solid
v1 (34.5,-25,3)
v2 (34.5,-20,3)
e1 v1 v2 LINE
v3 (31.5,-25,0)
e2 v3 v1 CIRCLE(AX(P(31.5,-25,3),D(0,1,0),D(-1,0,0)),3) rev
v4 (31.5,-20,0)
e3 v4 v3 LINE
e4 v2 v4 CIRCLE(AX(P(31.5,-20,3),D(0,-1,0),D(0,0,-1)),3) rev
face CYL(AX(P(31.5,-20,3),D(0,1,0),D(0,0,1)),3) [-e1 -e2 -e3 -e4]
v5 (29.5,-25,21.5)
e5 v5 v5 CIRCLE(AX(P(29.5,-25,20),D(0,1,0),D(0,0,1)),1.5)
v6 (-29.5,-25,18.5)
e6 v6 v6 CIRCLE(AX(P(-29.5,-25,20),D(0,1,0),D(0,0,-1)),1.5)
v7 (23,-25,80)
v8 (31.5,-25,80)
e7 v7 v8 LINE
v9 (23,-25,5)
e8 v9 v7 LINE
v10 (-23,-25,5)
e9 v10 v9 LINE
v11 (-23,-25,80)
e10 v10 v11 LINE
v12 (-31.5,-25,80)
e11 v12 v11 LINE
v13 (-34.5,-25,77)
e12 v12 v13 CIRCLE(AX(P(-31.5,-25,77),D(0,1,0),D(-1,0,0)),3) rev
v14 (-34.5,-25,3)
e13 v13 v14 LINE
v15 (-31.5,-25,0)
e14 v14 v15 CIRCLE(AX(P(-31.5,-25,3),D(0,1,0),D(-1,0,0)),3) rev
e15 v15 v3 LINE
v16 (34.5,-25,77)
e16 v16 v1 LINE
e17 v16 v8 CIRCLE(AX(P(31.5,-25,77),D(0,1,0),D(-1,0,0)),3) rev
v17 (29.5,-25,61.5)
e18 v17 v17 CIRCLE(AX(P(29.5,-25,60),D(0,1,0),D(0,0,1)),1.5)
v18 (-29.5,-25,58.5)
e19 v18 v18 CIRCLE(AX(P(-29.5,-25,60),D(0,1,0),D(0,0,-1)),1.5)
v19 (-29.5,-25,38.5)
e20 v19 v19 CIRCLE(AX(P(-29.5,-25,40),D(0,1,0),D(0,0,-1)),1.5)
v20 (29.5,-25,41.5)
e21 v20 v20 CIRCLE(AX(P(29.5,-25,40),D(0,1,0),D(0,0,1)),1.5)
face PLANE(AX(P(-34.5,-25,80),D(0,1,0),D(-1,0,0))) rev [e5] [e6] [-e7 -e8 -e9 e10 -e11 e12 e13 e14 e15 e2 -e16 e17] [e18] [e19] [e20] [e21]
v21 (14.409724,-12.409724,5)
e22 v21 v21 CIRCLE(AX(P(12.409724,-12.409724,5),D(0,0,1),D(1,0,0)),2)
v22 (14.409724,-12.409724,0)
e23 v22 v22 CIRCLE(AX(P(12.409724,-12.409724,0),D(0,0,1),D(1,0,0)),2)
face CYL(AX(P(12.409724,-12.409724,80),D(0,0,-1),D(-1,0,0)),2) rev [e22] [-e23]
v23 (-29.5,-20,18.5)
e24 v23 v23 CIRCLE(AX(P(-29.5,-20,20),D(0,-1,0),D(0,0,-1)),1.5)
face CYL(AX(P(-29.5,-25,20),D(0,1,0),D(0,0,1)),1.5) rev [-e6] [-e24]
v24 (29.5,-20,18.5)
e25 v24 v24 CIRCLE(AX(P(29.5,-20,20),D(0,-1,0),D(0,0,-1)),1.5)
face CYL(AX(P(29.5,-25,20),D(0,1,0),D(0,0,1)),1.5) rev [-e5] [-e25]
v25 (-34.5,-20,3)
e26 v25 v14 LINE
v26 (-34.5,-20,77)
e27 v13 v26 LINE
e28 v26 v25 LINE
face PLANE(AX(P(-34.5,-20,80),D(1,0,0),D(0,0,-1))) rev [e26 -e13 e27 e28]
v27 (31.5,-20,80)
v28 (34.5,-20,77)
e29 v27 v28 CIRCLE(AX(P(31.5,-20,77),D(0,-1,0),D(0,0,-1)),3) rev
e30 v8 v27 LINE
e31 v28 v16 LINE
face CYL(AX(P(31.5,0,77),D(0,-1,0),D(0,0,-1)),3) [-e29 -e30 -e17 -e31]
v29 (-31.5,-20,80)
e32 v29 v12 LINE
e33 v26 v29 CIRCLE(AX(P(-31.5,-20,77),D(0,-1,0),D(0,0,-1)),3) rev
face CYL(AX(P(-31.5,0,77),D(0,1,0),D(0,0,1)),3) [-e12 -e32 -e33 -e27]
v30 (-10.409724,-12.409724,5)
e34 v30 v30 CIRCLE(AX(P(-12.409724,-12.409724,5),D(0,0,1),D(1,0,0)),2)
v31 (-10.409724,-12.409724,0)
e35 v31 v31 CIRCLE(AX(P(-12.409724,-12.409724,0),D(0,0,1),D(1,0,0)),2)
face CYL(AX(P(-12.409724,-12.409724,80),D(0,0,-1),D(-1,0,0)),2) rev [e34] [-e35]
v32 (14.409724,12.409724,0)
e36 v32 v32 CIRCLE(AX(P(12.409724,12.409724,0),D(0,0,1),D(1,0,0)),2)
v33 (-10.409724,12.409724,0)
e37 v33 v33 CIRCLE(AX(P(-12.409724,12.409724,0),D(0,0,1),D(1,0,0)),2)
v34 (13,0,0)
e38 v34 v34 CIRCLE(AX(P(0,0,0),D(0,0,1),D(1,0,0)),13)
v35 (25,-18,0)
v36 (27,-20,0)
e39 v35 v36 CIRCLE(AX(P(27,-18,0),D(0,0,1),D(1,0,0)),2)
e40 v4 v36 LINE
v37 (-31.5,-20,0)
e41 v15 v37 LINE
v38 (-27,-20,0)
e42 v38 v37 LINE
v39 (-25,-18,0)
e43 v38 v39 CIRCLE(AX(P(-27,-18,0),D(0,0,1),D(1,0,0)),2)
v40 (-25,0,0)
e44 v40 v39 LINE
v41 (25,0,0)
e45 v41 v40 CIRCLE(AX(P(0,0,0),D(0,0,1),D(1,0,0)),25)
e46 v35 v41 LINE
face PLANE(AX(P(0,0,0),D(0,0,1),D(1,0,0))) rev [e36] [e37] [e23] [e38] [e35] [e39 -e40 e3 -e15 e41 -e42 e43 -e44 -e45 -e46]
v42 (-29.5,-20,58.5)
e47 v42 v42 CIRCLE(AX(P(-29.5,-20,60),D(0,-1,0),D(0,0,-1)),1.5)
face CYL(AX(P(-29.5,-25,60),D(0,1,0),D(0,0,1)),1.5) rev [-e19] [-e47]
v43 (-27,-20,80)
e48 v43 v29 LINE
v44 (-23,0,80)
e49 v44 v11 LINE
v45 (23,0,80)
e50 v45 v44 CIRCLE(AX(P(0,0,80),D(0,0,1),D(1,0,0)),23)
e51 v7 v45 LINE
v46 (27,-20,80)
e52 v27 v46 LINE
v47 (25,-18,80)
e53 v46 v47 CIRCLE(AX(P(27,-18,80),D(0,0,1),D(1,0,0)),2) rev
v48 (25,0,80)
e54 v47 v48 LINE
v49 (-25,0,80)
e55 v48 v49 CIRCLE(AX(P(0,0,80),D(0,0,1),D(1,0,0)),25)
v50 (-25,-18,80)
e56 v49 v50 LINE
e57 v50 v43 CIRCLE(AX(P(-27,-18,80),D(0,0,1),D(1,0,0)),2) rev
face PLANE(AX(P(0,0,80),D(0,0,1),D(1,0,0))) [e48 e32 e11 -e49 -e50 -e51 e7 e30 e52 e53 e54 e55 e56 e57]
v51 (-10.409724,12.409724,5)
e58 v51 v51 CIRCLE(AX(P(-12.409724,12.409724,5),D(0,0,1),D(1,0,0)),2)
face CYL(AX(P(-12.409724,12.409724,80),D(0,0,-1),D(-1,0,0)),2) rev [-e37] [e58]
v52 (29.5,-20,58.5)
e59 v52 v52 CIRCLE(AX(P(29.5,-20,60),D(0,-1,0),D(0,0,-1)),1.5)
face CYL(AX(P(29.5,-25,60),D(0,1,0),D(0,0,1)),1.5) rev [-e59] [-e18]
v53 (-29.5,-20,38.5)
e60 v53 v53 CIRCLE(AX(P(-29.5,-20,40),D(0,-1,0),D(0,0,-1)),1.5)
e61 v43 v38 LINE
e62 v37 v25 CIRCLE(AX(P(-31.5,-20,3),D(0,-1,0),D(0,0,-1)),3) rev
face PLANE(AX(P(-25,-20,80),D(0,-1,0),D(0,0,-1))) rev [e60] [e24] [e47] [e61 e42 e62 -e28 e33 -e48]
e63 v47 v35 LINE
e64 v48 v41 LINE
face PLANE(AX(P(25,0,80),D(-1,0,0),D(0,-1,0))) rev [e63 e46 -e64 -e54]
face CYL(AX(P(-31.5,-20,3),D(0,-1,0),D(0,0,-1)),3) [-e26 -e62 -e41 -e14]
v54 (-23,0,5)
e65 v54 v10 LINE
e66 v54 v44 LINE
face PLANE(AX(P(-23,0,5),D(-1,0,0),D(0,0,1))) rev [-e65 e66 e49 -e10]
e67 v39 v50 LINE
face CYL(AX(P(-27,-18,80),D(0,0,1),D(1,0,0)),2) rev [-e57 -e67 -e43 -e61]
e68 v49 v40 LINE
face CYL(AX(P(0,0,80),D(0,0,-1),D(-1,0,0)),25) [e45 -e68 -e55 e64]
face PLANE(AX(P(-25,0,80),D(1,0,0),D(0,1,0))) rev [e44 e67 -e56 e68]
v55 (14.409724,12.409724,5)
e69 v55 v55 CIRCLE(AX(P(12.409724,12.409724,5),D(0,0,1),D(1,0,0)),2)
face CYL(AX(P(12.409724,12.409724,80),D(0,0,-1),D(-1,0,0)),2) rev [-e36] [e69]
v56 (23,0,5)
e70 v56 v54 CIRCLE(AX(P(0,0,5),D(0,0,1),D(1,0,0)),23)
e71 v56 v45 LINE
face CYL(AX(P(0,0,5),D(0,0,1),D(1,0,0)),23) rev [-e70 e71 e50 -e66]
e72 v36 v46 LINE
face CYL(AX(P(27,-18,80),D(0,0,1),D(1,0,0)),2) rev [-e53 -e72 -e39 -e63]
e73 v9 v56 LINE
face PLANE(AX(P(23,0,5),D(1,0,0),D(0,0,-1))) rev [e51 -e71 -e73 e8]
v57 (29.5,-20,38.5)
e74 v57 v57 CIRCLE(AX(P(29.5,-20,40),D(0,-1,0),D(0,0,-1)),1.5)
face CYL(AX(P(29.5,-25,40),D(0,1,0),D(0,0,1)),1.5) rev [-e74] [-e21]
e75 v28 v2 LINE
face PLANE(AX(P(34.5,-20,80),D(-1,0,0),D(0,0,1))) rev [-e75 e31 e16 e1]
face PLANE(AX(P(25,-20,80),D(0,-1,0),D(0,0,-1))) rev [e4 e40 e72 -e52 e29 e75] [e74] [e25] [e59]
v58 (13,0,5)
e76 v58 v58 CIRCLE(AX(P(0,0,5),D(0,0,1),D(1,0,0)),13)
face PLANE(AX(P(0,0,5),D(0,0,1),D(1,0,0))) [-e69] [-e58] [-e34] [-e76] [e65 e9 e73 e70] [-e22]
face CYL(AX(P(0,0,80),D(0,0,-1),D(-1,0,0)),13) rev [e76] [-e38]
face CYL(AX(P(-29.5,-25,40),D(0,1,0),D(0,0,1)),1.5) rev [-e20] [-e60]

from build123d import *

# Parameters (mm, degrees)
SKETCH1_R               = 2
SKETCH1_R_2             = 13
BOSS_EXTRUDE1_DEPTH     = 80
CUT_EXTRUDE1_DEPTH      = 75
CUT_EXTRUDE2_DEPTH      = 99.05738116
CUT_EXTRUDE2_DEPTH_BACK = 99.05738116
SKETCH3_R               = 1.5
FILLET3_R               = 2
FILLET2_R               = 3


with BuildPart() as part:
    # Sketch1 → Boss-Extrude1 (new body)
    with BuildSketch(Plane.XY):
        with BuildLine():
            Line((-25, 0), (-25, -20))
            Line((-25, -20), (-34.5, -20))
            Line((-34.5, -20), (-34.5, -25))
            Line((-34.5, -25), (34.5, -25))
            Line((34.5, -25), (34.5, -20))
            Line((34.5, -20), (25, -20))
            Line((25, -20), (25, 0))
            ThreePointArc((25, 0), (0, 25), (-25, 0))
        make_face()
        with Locations((-12.40972401, 12.40972401)):
            Circle(SKETCH1_R, mode=Mode.SUBTRACT)
        with Locations((12.40972401, 12.40972401)):
            Circle(SKETCH1_R, mode=Mode.SUBTRACT)
        with Locations((12.40972401, -12.40972401)):
            Circle(SKETCH1_R, mode=Mode.SUBTRACT)
        with Locations((-12.40972401, -12.40972401)):
            Circle(SKETCH1_R, mode=Mode.SUBTRACT)
        Circle(SKETCH1_R_2, mode=Mode.SUBTRACT)
    extrude(amount=BOSS_EXTRUDE1_DEPTH)

    # Sketch2 → Cut-Extrude1 (cut)
    with BuildSketch(Plane.XY.offset(80)):
        with BuildLine():
            Line((-23, 0), (-23, -25))
            Line((-23, -25), (23, -25))
            Line((23, -25), (23, 0))
            ThreePointArc((23, 0), (0, 23), (-23, 0))
        make_face()
    extrude(amount=-CUT_EXTRUDE1_DEPTH, mode=Mode.SUBTRACT)

    # Sketch3 → Cut-Extrude2 (cut, two sides: drawn at the far end of the back side and taken through both)
    with BuildSketch(Plane(origin=(0, -20, 0), x_dir=(1, 0, 0), z_dir=(0, 1, 0)).offset(-CUT_EXTRUDE2_DEPTH_BACK)):
        with Locations(Location((29.5, -40, 0), (0, 0, 270))):
            Circle(SKETCH3_R)
        with Locations(Location((29.5, -60, 0), (0, 0, 270))):
            Circle(SKETCH3_R)
        with Locations(Location((29.5, -20, 0), (0, 0, 270))):
            Circle(SKETCH3_R)
        with Locations(Location((-29.5, -60, 0), (0, 0, 90))):
            Circle(SKETCH3_R)
        with Locations(Location((-29.5, -40, 0), (0, 0, 90))):
            Circle(SKETCH3_R)
        with Locations(Location((-29.5, -20, 0), (0, 0, 90))):
            Circle(SKETCH3_R)
    extrude(amount=CUT_EXTRUDE2_DEPTH + CUT_EXTRUDE2_DEPTH_BACK, mode=Mode.SUBTRACT)

    # Fillet3
    fillet3_edges = [part.edges().sort_by_distance(p)[0] for p in [
        (25, -20, 40),
        (-25, -20, 40),
    ]]
    fillet(fillet3_edges, radius=FILLET3_R)

    # Fillet2
    fillet2_edges = [part.edges().sort_by_distance(p)[0] for p in [
        (-34.5, -22.5, 0),
        (-34.5, -22.5, 80),
        (34.5, -22.5, 80),
        (34.5, -22.5, 0),
    ]]
    fillet(fillet2_edges, radius=FILLET2_R)


solid = part.part
